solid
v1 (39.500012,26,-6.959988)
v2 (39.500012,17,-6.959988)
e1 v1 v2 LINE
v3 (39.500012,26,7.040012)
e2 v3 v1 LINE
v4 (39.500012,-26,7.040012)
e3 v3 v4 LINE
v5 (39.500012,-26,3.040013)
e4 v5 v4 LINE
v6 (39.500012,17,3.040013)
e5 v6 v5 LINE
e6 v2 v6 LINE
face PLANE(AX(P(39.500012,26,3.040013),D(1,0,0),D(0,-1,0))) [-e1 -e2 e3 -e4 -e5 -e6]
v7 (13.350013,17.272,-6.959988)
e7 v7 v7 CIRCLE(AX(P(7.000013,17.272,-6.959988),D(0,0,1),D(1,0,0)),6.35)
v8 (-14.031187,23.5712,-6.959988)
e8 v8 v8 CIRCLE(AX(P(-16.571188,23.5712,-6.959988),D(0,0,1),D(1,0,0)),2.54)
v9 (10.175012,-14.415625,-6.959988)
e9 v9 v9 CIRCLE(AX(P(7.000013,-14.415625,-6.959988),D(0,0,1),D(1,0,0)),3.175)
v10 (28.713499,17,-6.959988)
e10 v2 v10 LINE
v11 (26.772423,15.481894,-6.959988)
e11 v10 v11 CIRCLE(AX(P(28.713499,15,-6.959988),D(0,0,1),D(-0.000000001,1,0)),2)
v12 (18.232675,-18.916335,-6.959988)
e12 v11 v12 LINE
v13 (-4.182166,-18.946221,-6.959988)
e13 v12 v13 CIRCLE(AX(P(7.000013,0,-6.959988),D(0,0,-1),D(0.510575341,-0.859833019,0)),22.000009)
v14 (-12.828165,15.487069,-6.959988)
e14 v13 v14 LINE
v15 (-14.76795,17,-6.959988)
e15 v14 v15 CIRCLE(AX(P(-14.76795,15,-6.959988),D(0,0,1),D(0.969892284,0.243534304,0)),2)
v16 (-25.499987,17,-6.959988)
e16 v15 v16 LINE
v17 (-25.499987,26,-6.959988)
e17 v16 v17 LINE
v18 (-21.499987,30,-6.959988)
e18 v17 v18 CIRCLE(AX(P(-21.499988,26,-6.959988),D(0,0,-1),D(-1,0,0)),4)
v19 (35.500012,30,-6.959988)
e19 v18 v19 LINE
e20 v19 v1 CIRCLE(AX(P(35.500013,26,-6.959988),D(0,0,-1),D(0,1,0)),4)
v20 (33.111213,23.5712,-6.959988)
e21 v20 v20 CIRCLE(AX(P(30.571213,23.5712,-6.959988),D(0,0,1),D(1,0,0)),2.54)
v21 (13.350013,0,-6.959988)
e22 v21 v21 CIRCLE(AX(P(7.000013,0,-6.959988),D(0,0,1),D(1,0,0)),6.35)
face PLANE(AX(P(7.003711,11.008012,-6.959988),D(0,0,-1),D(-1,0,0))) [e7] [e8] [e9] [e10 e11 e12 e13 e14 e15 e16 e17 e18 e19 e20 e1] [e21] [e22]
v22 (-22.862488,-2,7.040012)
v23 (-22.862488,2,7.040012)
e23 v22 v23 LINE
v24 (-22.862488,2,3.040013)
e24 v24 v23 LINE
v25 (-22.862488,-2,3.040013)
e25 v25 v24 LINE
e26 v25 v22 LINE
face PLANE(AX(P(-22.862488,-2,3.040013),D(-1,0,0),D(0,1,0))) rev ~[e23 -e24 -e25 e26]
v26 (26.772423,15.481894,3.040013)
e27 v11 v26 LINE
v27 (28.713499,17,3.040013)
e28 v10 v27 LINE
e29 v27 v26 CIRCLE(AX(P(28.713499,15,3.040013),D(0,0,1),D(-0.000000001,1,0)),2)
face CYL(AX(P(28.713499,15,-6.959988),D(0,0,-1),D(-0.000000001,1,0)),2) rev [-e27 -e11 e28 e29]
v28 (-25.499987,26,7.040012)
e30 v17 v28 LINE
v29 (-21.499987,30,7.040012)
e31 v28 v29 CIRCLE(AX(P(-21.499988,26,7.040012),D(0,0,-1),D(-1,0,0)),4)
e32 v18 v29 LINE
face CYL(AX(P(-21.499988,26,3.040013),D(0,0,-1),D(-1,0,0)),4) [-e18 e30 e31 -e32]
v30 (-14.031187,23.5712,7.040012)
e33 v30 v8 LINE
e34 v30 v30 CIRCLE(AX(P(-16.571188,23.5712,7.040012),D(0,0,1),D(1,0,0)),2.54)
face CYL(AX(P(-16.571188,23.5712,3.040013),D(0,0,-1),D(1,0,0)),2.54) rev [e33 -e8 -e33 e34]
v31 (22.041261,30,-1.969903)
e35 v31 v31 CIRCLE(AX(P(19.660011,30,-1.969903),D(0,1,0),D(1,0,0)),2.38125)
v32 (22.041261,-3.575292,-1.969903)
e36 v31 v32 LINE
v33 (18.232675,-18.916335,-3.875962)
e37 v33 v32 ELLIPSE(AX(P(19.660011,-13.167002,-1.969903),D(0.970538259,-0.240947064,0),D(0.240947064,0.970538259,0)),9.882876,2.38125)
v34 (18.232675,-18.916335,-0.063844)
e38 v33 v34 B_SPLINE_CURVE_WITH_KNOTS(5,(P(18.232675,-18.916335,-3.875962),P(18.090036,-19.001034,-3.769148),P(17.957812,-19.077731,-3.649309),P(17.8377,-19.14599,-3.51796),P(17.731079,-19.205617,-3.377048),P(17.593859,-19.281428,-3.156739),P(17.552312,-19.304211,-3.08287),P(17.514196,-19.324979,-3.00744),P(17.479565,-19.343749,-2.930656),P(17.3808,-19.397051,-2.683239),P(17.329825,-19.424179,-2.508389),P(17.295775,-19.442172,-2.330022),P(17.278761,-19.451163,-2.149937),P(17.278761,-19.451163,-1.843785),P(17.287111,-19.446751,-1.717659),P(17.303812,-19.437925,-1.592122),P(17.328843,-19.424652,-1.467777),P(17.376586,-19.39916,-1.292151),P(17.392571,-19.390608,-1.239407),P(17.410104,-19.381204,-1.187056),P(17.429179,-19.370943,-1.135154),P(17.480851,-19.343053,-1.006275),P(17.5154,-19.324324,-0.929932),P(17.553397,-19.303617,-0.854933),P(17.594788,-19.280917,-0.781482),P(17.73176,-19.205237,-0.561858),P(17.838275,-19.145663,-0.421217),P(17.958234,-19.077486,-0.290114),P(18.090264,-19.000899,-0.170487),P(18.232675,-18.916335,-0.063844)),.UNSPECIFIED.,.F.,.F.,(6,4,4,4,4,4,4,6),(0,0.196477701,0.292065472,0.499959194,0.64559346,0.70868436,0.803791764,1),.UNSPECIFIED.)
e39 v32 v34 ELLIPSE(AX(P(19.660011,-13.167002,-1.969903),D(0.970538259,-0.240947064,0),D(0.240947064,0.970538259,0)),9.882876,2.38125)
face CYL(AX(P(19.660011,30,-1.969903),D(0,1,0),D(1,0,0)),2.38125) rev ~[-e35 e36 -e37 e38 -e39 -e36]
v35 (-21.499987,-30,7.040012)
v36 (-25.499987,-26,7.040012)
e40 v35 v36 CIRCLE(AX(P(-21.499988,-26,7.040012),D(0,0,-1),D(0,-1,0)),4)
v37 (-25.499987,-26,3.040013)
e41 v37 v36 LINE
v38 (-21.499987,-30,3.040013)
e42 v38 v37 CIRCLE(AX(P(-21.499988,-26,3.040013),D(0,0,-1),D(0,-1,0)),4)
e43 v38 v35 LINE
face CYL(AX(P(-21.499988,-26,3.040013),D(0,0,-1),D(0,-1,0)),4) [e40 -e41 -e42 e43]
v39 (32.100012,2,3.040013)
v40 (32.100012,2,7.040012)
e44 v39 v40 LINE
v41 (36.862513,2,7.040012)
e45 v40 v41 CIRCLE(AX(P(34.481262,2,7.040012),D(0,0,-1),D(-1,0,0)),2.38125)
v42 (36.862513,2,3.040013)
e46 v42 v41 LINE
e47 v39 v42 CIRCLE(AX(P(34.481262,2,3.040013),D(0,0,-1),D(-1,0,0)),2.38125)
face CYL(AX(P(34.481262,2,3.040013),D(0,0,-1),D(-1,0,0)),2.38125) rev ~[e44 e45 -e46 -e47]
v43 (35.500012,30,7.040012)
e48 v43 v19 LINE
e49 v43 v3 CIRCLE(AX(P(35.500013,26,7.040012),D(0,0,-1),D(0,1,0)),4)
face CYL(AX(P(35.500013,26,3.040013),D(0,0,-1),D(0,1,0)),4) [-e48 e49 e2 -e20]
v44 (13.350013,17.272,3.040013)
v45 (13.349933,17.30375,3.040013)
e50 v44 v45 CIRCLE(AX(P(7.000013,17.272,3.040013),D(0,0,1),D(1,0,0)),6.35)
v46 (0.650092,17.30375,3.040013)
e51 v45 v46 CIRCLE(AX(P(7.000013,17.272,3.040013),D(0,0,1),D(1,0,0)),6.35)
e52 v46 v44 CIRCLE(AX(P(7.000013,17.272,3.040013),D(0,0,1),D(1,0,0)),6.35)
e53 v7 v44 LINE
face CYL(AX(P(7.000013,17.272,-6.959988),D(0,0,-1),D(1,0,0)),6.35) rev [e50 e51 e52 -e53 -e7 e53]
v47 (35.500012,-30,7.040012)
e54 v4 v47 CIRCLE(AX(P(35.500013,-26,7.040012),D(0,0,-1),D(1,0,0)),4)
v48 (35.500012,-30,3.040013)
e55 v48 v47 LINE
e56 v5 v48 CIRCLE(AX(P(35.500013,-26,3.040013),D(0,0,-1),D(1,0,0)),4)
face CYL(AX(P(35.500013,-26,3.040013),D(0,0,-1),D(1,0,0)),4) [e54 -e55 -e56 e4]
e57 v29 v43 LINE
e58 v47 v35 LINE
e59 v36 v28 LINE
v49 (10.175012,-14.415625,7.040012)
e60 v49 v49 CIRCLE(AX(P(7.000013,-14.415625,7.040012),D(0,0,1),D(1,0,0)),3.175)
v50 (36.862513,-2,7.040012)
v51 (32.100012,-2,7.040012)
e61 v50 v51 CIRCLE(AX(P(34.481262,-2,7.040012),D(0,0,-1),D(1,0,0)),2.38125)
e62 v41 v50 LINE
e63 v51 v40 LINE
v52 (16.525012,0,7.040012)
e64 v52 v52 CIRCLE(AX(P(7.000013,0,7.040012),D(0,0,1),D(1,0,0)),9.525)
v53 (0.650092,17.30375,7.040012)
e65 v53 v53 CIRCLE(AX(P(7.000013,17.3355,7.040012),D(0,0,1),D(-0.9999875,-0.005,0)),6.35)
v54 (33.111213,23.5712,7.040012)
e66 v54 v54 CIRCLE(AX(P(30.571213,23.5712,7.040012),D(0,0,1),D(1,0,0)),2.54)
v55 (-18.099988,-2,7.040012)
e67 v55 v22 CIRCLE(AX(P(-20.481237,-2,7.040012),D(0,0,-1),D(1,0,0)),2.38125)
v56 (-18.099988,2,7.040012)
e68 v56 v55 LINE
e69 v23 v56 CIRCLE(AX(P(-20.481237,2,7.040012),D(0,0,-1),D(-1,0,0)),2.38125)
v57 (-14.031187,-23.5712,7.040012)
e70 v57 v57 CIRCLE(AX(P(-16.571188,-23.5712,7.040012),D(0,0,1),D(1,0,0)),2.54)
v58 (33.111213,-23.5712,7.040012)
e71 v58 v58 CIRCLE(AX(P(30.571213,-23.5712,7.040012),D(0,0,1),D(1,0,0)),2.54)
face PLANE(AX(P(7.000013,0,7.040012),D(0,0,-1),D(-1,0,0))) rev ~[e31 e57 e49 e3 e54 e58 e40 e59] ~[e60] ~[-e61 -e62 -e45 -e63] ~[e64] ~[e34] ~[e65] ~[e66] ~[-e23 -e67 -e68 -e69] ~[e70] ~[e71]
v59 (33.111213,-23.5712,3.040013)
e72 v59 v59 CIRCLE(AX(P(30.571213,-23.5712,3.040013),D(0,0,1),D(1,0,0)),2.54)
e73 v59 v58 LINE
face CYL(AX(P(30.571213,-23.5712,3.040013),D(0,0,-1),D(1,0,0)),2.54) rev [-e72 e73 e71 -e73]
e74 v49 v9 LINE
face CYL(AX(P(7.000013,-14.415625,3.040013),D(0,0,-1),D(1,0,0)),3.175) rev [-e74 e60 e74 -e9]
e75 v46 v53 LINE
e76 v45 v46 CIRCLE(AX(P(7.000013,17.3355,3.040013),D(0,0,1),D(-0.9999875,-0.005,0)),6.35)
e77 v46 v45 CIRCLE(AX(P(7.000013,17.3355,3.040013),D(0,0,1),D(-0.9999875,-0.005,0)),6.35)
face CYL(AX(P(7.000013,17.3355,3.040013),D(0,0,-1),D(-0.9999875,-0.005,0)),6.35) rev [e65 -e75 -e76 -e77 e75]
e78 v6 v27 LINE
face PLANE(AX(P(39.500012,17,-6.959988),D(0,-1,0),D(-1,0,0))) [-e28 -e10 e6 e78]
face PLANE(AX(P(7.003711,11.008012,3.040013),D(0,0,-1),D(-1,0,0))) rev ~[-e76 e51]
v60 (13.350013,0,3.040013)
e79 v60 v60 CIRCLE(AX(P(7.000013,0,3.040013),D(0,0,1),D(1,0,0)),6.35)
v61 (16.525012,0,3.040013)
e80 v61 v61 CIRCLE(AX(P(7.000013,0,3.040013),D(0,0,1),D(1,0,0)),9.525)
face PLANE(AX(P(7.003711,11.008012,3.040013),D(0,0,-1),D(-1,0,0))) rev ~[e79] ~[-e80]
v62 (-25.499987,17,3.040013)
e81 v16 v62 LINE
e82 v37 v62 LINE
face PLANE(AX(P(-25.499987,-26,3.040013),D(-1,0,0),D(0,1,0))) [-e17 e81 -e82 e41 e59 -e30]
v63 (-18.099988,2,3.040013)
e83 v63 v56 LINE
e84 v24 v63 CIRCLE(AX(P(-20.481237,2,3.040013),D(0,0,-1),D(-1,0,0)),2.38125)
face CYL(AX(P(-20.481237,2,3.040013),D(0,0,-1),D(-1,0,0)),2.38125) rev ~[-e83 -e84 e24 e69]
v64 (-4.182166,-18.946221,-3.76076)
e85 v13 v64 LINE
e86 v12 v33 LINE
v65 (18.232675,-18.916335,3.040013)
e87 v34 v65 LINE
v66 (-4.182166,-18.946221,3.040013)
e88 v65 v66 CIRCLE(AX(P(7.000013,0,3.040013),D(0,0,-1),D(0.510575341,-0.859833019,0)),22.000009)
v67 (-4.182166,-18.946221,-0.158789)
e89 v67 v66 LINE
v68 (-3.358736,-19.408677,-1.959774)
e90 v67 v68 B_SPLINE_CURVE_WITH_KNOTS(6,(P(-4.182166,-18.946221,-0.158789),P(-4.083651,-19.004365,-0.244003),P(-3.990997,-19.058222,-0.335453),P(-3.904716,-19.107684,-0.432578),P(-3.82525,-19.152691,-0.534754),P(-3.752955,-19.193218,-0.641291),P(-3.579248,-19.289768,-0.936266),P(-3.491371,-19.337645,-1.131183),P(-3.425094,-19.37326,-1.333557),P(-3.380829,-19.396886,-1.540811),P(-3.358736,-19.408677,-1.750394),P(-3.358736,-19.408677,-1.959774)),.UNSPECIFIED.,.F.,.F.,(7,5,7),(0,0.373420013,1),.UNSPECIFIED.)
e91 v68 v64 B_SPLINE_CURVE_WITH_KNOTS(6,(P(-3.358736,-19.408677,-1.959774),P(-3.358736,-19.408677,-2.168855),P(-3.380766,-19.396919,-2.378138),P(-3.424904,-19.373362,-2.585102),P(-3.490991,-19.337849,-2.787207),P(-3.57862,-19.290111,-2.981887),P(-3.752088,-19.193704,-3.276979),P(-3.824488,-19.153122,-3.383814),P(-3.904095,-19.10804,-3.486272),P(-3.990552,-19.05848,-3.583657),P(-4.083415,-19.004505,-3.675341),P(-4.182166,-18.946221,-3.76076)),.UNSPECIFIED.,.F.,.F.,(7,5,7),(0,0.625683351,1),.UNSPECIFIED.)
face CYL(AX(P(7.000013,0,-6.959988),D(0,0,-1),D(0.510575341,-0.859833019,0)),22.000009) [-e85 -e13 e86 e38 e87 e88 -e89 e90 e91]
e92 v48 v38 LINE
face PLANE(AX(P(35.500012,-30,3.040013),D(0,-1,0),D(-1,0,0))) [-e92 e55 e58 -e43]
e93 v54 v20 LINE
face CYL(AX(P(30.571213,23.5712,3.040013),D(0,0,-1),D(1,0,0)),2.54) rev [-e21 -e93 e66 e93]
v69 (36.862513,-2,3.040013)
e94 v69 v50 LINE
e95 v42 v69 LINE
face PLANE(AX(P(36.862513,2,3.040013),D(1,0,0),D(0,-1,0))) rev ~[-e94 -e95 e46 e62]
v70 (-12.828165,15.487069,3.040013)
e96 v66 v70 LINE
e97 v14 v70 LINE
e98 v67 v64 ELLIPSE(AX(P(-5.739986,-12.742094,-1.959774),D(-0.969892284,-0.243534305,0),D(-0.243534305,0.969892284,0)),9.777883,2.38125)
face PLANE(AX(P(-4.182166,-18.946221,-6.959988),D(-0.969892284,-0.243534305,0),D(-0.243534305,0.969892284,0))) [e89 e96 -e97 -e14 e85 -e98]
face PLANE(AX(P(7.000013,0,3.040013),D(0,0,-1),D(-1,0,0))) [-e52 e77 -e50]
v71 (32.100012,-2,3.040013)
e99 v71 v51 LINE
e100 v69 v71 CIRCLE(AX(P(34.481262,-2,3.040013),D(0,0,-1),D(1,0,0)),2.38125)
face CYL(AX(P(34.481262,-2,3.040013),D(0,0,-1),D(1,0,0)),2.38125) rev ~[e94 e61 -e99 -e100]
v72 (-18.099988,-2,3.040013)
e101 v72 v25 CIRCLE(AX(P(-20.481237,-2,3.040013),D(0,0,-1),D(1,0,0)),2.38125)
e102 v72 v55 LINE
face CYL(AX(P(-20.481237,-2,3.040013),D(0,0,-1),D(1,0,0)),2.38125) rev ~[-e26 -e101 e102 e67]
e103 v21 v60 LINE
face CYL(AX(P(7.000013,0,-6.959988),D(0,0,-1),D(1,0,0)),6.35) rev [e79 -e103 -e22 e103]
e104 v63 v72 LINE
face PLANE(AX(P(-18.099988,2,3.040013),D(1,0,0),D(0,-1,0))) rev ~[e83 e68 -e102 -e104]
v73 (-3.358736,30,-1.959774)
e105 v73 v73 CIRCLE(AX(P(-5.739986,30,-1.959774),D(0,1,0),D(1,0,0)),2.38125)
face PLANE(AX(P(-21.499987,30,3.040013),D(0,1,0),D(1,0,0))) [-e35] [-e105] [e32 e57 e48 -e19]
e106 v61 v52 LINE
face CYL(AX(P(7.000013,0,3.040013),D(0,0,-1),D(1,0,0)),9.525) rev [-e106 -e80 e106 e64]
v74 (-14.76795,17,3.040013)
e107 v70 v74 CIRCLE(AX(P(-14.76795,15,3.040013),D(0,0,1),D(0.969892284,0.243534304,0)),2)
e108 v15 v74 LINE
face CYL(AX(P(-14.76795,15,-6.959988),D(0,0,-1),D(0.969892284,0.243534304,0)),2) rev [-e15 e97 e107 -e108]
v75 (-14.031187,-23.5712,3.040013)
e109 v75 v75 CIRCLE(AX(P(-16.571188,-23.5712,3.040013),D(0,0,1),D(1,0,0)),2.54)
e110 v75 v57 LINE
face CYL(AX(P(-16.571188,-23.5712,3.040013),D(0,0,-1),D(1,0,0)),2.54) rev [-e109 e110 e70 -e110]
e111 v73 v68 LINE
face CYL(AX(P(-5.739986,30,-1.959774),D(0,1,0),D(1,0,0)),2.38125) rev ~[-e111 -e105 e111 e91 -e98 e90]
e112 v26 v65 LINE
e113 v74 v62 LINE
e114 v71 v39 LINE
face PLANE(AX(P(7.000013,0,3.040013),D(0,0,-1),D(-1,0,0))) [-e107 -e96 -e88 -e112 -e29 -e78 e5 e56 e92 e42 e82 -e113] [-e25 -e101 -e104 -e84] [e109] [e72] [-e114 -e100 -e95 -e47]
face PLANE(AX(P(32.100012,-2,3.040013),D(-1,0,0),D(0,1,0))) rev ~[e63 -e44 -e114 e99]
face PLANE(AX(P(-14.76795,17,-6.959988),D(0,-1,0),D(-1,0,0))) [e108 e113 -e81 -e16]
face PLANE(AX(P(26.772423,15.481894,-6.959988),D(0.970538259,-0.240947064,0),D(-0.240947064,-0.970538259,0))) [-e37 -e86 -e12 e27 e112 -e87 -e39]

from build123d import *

# Parameters (mm, degrees)
SKETCH3_R             = 6.35
SKETCH3_R_2           = 3.175
SKETCH3_R_3           = 2.54
BOSS_EXTRUDE1_DEPTH   = 10
SKETCH2_R             = 2.54
SKETCH2_R_2           = 9.525
SKETCH2_R_3           = 6.35
SKETCH2_R_4           = 3.175
BOSS_EXTRUDE2_DEPTH   = 4
BODY_MOVE_COPY1_ANGLE = 180
SKETCH6_R             = 2.38125
CUT_EXTRUDE1_DEPTH    = 60
BODY_MOVE_COPY2_ANGLE = 90


with BuildPart() as part:
    # Sketch3 → Boss-Extrude1 (new body)
    with BuildSketch(Plane(origin=(0, 0, 0), x_dir=(0, 0, -1), z_dir=(1, 0, 0))):
        with BuildLine():
            Line((19.772410398, 15.481894129), (11.232662335, -18.916334544))
            ThreePointArc((11.232662335, -18.916334544), (0.02933332, -21.999989892), (-11.182178927, -18.946220999))
            Line((-11.182178927, -18.946220999), (-19.828177454, 15.48706861))
            ThreePointArc((-19.828177454, 15.48706861), (-20.537949261, 16.577044264), (-21.767962021, 17))
            Line((-21.767962021, 17), (-32.5, 17))
            Line((-32.5, 17), (-32.5, 26))
            ThreePointArc((-32.5, 26), (-31.328427125, 28.828427125), (-28.5, 30))
            Line((-28.5, 30), (28.5, 30))
            ThreePointArc((28.5, 30), (31.328427125, 28.828427125), (32.5, 26))
            Line((32.5, 26), (32.5, 17))
            Line((32.5, 17), (21.713486916, 17))
            ThreePointArc((21.713486916, 17), (20.481372526, 16.575402846), (19.772410398, 15.481894129))
        make_face()
        Circle(SKETCH3_R, mode=Mode.SUBTRACT)
        with Locations((0, 17.272)):
            Circle(SKETCH3_R, mode=Mode.SUBTRACT)
        with Locations((0, -14.415625)):
            Circle(SKETCH3_R_2, mode=Mode.SUBTRACT)
        with Locations((-23.5712, 23.5712)):
            Circle(SKETCH3_R_3, mode=Mode.SUBTRACT)
        with Locations((23.5712, 23.5712)):
            Circle(SKETCH3_R_3, mode=Mode.SUBTRACT)
    extrude(amount=BOSS_EXTRUDE1_DEPTH)

    # Sketch2 → Boss-Extrude2 (add)
    with BuildSketch(Plane(origin=(10, 0, 0), x_dir=(0, 0, -1), z_dir=(1, 0, 0))):
        with BuildLine():
            Line((-28.5, 30), (28.5, 30))
            ThreePointArc((28.5, 30), (31.328427125, 28.828427125), (32.5, 26))
            Line((32.5, 26), (32.5, -26))
            ThreePointArc((32.5, -26), (31.328427125, -28.828427125), (28.5, -30))
            Line((28.5, -30), (-28.5, -30))
            ThreePointArc((-28.5, -30), (-31.328427125, -28.828427125), (-32.5, -26))
            Line((-32.5, -26), (-32.5, 26))
            ThreePointArc((-32.5, 26), (-31.328427125, 28.828427125), (-28.5, 30))
        make_face()
        with Locations((23.5712, 23.5712)):
            Circle(SKETCH2_R, mode=Mode.SUBTRACT)
        with Locations((-23.5712, 23.5712)):
            Circle(SKETCH2_R, mode=Mode.SUBTRACT)
        with Locations((-23.5712, -23.5712)):
            Circle(SKETCH2_R, mode=Mode.SUBTRACT)
        with Locations((23.5712, -23.5712)):
            Circle(SKETCH2_R, mode=Mode.SUBTRACT)
        Circle(SKETCH2_R_2, mode=Mode.SUBTRACT)
        with Locations(Location((0, 17.3355, 0), (0, 0, 180.286480091))):
            Circle(SKETCH2_R_3, mode=Mode.SUBTRACT)
        with Locations((0, -14.415625)):
            Circle(SKETCH2_R_4, mode=Mode.SUBTRACT)
        with BuildLine():
            Line((-29.8625, -2), (-29.8625, 2))
            ThreePointArc((-29.8625, 2), (-27.48125, 4.38125), (-25.1, 2))
            Line((-25.1, 2), (-25.1, -2))
            ThreePointArc((-25.1, -2), (-27.48125, -4.38125), (-29.8625, -2))
        make_face(mode=Mode.SUBTRACT)
        with BuildLine():
            Line((25.1, -2), (25.1, 2))
            ThreePointArc((25.1, 2), (27.48125, 4.38125), (29.8625, 2))
            Line((29.8625, 2), (29.8625, -2))
            ThreePointArc((29.8625, -2), (27.48125, -4.38125), (25.1, -2))
        make_face(mode=Mode.SUBTRACT)
    extrude(amount=BOSS_EXTRUDE2_DEPTH)


with BuildPart() as part_1:
    # Body-Move/Copy1: moved
    add(part.part.rotate(Axis((7, 0, 0.02), (0, 1, 0)), BODY_MOVE_COPY1_ANGLE))

    # Sketch6 → Cut-Extrude1 (cut)
    with BuildSketch(Plane(origin=(0, 30, 0), x_dir=(-1, 0, 0), z_dir=(0, 1, 0))):
        with Locations(Location((-8.999786825, -12.69999899, 0), (0, 0, 90))):
            Circle(SKETCH6_R)
        with Locations(Location((-9.00991527, 12.69999899, 0), (0, 0, 90))):
            Circle(SKETCH6_R)
    extrude(amount=-CUT_EXTRUDE1_DEPTH, mode=Mode.SUBTRACT)


with BuildPart() as part_2:
    # Body-Move/Copy2: moved
    add(part_1.part.rotate(Axis((7.0000125, 0, 0.04), (0, 1, 0)), BODY_MOVE_COPY2_ANGLE))


solid = part_2.part
